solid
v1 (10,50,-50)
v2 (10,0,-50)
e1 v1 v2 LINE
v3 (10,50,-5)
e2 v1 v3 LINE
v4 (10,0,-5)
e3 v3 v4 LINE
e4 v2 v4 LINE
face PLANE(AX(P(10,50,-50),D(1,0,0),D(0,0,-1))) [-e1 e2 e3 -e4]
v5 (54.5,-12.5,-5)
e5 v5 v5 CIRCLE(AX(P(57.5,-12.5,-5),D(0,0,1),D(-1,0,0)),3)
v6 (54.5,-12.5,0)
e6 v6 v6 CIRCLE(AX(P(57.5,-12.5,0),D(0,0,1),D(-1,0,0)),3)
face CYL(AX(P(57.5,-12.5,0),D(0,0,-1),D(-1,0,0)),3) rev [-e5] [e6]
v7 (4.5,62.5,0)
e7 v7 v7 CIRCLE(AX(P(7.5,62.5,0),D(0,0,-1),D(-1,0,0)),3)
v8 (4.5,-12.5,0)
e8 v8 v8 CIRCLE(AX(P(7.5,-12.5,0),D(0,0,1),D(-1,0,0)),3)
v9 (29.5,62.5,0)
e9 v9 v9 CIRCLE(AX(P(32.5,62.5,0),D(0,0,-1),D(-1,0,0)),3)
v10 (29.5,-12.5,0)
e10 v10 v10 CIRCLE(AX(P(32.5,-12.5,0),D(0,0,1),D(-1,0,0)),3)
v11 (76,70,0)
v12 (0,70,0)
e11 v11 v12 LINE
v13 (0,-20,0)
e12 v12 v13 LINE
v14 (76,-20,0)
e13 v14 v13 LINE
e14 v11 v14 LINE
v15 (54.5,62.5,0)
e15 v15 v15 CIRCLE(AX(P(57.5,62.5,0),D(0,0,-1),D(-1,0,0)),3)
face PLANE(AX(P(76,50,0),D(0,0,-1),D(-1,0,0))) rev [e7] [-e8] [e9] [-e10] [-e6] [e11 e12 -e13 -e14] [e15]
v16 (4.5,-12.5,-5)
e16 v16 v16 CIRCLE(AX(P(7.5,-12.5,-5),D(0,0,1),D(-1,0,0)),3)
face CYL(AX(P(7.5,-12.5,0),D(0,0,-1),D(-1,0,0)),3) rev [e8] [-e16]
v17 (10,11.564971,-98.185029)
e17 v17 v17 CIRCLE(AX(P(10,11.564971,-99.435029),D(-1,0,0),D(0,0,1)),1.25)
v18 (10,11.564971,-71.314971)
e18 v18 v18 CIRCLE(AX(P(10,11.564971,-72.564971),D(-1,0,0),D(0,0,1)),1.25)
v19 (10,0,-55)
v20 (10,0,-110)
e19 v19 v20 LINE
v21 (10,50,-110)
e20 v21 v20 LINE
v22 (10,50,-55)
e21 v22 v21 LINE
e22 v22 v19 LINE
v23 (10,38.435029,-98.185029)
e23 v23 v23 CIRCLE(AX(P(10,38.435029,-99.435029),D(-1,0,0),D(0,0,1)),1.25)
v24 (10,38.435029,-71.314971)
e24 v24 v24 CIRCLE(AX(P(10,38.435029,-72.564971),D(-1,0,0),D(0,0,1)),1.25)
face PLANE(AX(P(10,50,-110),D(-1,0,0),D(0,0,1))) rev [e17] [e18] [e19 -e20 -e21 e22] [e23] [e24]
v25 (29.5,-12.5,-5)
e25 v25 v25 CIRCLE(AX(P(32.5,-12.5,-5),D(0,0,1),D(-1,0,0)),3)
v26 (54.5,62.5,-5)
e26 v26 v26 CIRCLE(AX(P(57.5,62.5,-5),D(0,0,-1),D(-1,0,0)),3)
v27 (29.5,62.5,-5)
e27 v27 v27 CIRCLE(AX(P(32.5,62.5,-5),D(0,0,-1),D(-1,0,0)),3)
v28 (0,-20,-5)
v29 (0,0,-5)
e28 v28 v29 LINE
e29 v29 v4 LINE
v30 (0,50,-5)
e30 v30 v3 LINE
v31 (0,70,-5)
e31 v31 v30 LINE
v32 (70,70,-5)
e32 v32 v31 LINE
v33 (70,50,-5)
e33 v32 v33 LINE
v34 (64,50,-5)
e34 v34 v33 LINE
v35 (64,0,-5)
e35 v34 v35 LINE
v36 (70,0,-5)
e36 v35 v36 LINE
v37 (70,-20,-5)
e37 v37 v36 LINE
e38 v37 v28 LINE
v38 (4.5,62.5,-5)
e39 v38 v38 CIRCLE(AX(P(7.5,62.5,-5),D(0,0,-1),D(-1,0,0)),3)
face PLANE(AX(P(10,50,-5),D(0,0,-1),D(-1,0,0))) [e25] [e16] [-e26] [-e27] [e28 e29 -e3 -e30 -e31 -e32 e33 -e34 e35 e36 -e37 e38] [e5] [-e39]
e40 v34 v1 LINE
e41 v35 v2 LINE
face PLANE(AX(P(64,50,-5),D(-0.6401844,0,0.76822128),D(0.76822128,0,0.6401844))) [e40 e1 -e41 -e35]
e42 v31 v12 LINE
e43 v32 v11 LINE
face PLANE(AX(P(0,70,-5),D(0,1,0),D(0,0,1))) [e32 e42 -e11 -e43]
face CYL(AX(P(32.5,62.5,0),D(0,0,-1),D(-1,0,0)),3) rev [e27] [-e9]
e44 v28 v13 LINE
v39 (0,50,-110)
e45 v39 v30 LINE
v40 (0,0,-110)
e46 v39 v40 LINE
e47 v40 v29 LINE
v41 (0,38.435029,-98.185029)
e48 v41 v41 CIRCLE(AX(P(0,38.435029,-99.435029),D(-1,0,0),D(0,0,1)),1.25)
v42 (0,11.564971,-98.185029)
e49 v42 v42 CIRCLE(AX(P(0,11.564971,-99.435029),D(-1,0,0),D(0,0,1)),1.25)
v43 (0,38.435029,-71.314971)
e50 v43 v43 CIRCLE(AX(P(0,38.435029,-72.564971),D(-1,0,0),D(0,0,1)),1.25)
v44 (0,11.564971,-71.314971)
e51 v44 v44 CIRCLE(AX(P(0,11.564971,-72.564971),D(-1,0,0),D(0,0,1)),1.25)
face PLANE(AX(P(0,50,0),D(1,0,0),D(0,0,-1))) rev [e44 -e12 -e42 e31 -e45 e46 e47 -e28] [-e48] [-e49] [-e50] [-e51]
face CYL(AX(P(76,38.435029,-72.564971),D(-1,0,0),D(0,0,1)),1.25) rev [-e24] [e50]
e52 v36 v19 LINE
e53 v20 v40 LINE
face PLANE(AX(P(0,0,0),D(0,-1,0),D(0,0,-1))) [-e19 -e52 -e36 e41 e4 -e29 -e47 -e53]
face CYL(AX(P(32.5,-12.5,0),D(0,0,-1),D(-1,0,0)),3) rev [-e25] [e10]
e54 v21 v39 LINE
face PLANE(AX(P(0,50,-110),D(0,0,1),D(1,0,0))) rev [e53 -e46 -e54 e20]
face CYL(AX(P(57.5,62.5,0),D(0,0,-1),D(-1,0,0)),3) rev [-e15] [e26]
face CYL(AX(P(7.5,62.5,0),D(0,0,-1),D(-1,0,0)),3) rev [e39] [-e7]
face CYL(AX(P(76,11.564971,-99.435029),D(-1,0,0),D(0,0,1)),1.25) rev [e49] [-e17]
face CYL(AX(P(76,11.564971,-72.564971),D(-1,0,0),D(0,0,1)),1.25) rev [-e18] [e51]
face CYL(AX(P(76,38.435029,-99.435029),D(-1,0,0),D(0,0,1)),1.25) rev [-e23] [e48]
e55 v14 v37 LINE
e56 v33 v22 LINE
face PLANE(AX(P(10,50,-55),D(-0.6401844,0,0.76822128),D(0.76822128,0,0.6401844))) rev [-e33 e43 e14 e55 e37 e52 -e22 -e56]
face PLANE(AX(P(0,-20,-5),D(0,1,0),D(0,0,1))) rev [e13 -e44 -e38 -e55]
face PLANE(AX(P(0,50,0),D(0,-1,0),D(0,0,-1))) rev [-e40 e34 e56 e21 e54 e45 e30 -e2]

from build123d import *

# Parameters (mm, degrees)
EXTRUDE_1_DEPTH     = 50
SKETCH_2_W          = 76
SKETCH_2_H          = 20
EXTRUDE_2_DEPTH     = 5
CUT_EXTRUDE_1_DEPTH = 44
SKETCH_5_R          = 1.25
CUT_EXTRUDE_2_DEPTH = 77
SKETCH_6_R          = 3
CUT_EXTRUDE_3_DEPTH = 6


with BuildPart() as part:
    # 草图1 → 凸台-拉伸1 (new body)
    with BuildSketch(Plane(origin=(0, 0, 0), x_dir=(1, 0, 0), z_dir=(0, 1, 0))):
        Polygon((0, 0), (0, 110), (10, 110), (10, 55), (76, 0), (70, 0), (10, 0), align=None)
        Polygon((64, 5), (10, 50), (10, 5), align=None, mode=Mode.SUBTRACT)
    extrude(amount=EXTRUDE_1_DEPTH)

    # 草图2 → 凸台-拉伸2 (add)
    with BuildSketch(Plane.XY):
        with Locations((38, 60)):
            Rectangle(SKETCH_2_W, SKETCH_2_H)
    extrude_2 = extrude(amount=-EXTRUDE_2_DEPTH)

    # 草图3 → 切除-拉伸1 (cut)
    with BuildSketch(Plane.XZ.offset(-50)):
        Polygon((70, -5), (76, 0), (76, -5), align=None)
    cut_extrude_1 = extrude(amount=-CUT_EXTRUDE_1_DEPTH, mode=Mode.SUBTRACT)

    # 镜向1: 凸台-拉伸2, 切除-拉伸1 across plane
    add(extrude_2.mirror(Plane(origin=(0, 25, 0), x_dir=(0, 0, 1), z_dir=(0, -1, 0))))
    add(cut_extrude_1.mirror(Plane(origin=(0, 25, 0), x_dir=(0, 0, 1), z_dir=(0, -1, 0))), mode=Mode.SUBTRACT)

    # 草图5 → 切除-拉伸2 (cut, through all)
    with BuildSketch(Plane.ZY):
        with Locations((-72.564971157, 38.435028843)):
            Circle(SKETCH_5_R)
        with Locations((-72.564971157, 11.564971157)):
            Circle(SKETCH_5_R)
        with Locations((-99.435028843, 11.564971157)):
            Circle(SKETCH_5_R)
        with Locations((-99.435028843, 38.435028843)):
            Circle(SKETCH_5_R)
    extrude(amount=-CUT_EXTRUDE_2_DEPTH, mode=Mode.SUBTRACT)

    # 草图6 → 切除-拉伸3 (cut, through all)
    with BuildSketch(Plane(origin=(0, 0, -5), x_dir=(-1, 0, 0), z_dir=(0, 0, -1))):
        with Locations((-7.5, 62.5)):
            Circle(SKETCH_6_R)
        with Locations((-32.5, 62.5)):
            Circle(SKETCH_6_R)
        with Locations((-57.5, 62.5)):
            Circle(SKETCH_6_R)
    cut_extrude_3 = extrude(amount=-CUT_EXTRUDE_3_DEPTH, mode=Mode.SUBTRACT)

    # 镜向2: 切除-拉伸3 across plane
    add(cut_extrude_3.mirror(Plane(origin=(0, 25, 0), x_dir=(0, 0, 1), z_dir=(0, -1, 0))), mode=Mode.SUBTRACT)


solid = part.part
